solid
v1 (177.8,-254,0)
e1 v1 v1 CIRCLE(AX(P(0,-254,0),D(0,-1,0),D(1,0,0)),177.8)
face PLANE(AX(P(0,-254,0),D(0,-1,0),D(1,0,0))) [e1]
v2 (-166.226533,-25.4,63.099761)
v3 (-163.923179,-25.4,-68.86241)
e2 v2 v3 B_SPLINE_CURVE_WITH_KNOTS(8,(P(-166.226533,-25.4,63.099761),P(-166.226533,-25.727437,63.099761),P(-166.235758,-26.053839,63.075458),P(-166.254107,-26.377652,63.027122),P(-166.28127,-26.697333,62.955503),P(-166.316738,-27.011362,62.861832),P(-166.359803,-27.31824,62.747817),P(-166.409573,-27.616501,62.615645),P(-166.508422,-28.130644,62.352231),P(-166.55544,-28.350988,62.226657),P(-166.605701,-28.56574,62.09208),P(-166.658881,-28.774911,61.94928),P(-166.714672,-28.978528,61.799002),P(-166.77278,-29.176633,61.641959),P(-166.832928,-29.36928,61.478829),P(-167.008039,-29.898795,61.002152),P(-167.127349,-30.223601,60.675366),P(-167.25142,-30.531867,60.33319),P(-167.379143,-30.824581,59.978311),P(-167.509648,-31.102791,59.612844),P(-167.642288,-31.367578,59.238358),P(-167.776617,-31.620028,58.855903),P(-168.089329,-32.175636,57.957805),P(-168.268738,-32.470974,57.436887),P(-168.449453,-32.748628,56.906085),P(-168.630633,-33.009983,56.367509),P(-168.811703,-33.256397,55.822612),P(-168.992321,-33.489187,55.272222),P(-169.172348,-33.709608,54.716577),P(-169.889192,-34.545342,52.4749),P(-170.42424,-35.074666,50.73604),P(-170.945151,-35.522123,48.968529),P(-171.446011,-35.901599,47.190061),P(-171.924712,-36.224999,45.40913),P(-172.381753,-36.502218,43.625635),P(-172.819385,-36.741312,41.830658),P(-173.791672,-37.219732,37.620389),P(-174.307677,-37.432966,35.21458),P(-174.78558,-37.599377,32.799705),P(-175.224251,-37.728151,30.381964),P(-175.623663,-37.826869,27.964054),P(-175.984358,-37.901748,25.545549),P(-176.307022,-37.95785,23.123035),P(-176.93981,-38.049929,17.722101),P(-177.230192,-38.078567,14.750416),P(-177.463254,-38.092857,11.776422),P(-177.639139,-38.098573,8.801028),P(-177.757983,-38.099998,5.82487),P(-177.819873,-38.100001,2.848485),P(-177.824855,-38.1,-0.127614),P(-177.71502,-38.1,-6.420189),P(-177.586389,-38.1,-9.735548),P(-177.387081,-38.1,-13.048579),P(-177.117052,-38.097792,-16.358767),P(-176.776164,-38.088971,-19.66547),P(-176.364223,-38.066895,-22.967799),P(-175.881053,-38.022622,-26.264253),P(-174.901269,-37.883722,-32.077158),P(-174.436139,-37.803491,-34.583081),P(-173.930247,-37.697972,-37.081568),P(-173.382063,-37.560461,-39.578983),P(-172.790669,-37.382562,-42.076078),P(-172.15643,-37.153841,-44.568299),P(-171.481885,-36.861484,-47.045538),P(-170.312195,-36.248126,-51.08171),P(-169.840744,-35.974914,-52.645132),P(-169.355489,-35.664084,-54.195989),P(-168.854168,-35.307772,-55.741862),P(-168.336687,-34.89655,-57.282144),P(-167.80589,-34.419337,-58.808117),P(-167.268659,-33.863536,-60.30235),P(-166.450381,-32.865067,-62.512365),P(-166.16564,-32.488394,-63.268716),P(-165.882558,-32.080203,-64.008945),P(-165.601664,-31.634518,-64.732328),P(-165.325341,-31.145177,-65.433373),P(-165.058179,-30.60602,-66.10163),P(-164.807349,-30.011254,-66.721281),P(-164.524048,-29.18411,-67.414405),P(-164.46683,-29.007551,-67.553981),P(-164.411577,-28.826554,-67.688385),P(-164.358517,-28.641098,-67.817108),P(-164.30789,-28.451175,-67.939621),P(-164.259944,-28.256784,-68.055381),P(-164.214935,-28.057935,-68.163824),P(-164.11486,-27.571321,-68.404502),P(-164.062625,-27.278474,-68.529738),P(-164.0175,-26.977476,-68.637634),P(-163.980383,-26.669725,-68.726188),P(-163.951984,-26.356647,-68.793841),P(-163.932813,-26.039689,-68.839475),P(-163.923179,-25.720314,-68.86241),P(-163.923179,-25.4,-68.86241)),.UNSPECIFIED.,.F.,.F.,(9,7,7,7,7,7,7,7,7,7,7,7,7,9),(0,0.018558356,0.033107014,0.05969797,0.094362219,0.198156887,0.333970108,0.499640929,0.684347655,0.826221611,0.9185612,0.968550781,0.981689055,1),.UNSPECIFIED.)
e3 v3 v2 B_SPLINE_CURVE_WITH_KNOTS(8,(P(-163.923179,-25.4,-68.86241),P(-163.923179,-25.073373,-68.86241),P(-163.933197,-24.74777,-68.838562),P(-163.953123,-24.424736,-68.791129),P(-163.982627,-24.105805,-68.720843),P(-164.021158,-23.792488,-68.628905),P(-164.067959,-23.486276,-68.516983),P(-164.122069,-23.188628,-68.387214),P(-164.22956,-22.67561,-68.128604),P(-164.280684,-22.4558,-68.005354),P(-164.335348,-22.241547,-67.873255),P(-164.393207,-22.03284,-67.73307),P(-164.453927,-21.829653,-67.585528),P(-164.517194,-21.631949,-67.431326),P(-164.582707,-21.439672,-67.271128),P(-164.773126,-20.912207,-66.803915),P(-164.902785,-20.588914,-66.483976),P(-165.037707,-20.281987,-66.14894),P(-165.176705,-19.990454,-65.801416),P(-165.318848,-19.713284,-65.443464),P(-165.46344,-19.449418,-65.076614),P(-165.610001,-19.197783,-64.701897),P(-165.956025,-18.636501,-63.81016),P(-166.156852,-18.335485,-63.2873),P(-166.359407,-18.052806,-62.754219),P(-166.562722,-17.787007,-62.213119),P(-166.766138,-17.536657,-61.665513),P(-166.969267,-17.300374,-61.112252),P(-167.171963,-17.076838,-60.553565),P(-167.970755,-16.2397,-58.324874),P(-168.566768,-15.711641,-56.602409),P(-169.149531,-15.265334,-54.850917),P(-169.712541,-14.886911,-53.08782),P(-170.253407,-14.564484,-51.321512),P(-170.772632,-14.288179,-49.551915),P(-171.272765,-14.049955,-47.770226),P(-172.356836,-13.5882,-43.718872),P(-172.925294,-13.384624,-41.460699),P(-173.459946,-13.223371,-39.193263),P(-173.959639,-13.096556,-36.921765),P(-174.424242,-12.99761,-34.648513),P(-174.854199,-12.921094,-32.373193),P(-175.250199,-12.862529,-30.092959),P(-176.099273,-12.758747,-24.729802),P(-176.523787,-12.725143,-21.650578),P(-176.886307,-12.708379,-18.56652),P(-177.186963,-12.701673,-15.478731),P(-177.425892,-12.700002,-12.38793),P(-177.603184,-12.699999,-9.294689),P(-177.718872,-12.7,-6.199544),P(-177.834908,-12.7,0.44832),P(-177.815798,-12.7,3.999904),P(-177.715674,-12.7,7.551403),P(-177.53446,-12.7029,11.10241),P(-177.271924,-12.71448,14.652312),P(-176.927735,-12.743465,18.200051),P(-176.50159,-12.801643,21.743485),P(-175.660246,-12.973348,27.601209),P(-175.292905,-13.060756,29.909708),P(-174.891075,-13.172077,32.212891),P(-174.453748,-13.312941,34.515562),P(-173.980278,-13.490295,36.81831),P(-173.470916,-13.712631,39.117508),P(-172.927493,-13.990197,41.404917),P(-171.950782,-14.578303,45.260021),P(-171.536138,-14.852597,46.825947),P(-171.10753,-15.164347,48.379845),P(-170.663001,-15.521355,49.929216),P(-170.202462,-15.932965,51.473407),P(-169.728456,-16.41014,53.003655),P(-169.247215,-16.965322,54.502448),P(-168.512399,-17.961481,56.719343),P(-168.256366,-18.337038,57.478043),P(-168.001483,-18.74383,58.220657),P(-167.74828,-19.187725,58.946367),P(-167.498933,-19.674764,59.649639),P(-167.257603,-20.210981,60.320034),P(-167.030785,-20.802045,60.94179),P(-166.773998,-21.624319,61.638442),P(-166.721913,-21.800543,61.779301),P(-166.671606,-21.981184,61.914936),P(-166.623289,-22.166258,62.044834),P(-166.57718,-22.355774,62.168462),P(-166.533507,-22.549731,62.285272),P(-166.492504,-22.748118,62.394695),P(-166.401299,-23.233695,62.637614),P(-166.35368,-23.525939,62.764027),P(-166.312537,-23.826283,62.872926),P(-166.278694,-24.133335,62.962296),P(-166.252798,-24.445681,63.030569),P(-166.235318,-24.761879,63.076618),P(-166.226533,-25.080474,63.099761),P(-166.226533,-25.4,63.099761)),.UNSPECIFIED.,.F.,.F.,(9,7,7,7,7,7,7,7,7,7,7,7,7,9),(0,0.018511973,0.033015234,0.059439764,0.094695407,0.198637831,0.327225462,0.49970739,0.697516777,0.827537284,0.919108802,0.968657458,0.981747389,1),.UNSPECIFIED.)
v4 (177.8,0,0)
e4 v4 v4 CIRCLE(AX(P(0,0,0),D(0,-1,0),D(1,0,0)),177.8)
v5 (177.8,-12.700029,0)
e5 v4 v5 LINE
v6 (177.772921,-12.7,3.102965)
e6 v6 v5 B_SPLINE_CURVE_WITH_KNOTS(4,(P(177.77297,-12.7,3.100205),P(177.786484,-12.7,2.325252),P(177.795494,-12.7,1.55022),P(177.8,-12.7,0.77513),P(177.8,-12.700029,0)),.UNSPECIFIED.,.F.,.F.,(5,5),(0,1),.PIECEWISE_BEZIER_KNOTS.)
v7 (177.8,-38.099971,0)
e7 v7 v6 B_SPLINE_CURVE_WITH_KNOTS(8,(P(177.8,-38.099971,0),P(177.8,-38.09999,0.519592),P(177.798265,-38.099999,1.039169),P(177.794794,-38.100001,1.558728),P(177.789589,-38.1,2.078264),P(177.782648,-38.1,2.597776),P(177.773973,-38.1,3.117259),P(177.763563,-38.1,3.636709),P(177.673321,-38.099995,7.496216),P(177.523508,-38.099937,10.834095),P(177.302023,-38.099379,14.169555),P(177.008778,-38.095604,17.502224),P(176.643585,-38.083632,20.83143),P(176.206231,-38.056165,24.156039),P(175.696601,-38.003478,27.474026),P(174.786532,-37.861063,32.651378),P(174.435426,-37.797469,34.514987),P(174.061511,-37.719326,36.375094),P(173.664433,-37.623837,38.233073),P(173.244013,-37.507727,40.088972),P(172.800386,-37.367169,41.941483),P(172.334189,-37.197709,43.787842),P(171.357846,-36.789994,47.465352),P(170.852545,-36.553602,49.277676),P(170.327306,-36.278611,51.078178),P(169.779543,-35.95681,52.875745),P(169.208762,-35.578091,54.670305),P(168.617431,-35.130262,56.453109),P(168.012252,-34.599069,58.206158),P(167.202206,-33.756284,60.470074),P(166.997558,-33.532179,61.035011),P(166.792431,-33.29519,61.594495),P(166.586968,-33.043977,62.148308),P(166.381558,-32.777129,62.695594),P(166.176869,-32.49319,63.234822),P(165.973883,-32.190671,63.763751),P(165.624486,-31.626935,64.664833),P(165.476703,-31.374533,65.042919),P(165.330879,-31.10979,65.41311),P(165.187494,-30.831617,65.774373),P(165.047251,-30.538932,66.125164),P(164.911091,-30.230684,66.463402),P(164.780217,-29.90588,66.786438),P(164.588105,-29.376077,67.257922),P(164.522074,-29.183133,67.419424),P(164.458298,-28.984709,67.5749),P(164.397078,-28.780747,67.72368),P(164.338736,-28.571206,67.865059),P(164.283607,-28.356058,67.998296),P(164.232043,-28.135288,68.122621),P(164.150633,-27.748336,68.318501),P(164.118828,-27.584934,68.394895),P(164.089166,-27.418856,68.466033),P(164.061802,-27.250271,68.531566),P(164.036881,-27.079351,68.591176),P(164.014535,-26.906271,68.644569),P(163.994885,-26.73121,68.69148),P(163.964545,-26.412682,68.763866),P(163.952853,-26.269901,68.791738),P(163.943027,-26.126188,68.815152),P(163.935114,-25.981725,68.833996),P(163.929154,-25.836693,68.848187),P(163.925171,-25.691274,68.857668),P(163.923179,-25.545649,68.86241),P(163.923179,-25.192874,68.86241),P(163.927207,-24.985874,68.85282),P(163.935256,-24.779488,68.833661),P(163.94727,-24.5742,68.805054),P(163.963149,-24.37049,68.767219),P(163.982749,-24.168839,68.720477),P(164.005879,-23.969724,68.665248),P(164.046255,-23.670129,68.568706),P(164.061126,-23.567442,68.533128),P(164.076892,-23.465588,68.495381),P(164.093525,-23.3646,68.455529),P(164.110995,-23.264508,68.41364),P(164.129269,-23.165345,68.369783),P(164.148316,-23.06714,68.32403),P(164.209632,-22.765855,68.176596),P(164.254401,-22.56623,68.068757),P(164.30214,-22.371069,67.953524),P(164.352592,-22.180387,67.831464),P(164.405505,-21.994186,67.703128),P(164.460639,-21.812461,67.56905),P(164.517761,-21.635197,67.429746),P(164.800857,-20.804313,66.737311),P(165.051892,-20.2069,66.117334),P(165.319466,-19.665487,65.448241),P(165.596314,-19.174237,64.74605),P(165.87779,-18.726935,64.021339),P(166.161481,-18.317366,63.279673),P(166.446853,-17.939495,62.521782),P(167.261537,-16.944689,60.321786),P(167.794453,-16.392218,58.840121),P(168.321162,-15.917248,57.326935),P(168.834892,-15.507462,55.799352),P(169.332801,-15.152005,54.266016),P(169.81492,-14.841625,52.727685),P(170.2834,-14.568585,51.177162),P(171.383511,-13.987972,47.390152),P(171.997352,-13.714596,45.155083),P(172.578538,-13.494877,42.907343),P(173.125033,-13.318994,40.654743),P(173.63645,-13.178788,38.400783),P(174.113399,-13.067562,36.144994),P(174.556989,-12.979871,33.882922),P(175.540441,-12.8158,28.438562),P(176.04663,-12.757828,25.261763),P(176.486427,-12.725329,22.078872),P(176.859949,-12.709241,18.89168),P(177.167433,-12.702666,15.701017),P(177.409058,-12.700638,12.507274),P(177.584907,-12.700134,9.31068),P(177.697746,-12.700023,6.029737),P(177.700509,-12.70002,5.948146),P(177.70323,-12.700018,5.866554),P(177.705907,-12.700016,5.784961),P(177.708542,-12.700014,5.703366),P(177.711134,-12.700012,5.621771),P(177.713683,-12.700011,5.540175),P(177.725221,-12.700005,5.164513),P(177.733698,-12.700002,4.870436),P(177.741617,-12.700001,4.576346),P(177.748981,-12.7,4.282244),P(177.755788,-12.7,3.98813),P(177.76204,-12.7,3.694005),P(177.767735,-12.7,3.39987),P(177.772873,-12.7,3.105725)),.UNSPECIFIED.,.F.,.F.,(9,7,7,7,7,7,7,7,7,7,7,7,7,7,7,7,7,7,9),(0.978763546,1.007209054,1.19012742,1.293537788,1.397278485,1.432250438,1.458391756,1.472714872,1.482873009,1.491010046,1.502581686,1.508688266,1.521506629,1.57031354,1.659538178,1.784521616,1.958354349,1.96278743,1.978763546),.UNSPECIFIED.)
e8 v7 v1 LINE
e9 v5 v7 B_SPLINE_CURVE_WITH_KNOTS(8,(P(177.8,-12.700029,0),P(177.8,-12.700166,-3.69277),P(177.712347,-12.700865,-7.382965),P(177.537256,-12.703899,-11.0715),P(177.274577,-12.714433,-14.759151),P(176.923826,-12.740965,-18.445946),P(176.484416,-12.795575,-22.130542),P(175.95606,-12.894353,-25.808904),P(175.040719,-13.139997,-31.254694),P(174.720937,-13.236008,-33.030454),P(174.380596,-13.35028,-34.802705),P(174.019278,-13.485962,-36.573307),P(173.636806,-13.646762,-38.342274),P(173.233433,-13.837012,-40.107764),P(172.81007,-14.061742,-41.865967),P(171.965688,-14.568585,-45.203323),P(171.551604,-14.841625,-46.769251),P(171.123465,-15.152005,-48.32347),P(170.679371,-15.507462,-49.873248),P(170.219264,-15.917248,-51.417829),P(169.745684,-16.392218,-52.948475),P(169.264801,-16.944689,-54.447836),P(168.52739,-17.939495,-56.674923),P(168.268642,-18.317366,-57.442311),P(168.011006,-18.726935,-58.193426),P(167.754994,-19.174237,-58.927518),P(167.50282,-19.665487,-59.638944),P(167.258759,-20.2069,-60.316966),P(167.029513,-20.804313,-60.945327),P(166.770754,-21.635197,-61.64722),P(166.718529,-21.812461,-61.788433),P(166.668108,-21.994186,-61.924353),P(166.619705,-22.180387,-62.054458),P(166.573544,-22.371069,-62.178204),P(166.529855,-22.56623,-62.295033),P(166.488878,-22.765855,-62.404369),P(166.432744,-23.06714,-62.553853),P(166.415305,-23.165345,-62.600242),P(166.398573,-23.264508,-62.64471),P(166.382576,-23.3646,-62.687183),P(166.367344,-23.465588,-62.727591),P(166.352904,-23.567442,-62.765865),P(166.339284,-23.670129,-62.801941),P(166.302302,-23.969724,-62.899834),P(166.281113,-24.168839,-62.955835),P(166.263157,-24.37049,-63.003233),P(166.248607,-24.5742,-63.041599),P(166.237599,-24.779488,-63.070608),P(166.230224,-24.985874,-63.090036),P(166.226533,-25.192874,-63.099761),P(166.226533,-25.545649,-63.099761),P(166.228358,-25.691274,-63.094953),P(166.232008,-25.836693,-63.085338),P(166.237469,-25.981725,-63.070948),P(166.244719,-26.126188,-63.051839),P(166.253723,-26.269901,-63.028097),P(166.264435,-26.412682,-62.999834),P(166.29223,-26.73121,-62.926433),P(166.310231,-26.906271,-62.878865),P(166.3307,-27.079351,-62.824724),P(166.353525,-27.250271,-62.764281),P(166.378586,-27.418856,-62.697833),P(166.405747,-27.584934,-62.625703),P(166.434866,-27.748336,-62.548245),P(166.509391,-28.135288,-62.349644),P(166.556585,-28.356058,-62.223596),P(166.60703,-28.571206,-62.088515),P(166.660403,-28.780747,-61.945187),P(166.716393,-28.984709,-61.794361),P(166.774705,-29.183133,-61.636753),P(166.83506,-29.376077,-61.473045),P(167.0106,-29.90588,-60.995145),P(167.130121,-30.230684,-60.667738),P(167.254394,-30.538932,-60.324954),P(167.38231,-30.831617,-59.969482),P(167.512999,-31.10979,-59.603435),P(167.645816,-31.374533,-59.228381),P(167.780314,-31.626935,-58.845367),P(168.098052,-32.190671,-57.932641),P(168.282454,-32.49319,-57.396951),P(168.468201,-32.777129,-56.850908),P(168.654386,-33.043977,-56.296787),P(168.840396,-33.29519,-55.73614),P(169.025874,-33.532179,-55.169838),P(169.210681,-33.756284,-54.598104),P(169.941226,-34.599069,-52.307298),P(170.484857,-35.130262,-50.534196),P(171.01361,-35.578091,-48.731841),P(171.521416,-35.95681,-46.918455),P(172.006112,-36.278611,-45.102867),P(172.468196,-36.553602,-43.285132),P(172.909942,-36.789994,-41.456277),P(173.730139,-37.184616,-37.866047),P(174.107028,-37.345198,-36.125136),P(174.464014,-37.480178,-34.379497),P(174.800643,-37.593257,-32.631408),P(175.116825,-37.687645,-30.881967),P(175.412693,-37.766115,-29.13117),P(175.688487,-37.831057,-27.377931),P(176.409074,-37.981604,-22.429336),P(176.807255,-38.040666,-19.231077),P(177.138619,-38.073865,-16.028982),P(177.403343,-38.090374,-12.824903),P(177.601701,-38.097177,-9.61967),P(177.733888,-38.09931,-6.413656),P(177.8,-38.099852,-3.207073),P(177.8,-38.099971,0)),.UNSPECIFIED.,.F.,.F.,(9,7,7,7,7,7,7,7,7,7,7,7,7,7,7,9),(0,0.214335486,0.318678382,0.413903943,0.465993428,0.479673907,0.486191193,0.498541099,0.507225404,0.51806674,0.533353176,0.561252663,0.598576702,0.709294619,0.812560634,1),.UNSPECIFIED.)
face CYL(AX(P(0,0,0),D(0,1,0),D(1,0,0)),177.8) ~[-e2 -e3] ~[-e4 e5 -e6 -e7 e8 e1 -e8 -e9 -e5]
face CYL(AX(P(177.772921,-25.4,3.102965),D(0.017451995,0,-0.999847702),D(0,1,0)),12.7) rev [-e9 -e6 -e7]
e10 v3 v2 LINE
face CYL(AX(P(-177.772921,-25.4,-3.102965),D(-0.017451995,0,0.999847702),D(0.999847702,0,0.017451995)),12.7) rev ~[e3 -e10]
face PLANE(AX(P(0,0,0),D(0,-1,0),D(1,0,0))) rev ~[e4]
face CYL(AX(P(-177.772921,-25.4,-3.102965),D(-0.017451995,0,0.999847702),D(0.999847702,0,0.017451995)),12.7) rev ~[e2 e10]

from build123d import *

# Parameters (mm, degrees)
F0_R     = 177.8
F1_DEPTH = 254
F4_R     = 12.7
F5_DEPTH = 177.8


with BuildPart() as f1:
    # F0 (on Front) → F1 (new body)
    with BuildSketch(Plane.XZ):
        Circle(F0_R)
    extrude(amount=F1_DEPTH)

    # F4 (on face) → F5 (cut, symmetric)
    with BuildSketch(Plane(origin=(0, 0, 0), x_dir=(0.999848, 0, 0.017452), z_dir=(-0.017452, 0, 0.999848))):
        with BuildLine():
            ThreePointArc((177.8, -12.7), (165.1, -25.4), (177.8, -38.1))
            Line((177.8, -38.1), (177.8, -12.7))
        make_face()
        with BuildLine():
            Line((177.8, -12.7), (177.8, -38.1))
            ThreePointArc((177.8, -38.1), (186.780256, -34.380256), (190.5, -25.4))
            ThreePointArc((190.5, -25.4), (186.780256, -16.419744), (177.8, -12.7))
        make_face()
        with Locations((-177.8, -25.4)):
            Circle(F4_R)
    extrude(amount=F5_DEPTH, both=True, mode=Mode.SUBTRACT)


solid = f1.part
